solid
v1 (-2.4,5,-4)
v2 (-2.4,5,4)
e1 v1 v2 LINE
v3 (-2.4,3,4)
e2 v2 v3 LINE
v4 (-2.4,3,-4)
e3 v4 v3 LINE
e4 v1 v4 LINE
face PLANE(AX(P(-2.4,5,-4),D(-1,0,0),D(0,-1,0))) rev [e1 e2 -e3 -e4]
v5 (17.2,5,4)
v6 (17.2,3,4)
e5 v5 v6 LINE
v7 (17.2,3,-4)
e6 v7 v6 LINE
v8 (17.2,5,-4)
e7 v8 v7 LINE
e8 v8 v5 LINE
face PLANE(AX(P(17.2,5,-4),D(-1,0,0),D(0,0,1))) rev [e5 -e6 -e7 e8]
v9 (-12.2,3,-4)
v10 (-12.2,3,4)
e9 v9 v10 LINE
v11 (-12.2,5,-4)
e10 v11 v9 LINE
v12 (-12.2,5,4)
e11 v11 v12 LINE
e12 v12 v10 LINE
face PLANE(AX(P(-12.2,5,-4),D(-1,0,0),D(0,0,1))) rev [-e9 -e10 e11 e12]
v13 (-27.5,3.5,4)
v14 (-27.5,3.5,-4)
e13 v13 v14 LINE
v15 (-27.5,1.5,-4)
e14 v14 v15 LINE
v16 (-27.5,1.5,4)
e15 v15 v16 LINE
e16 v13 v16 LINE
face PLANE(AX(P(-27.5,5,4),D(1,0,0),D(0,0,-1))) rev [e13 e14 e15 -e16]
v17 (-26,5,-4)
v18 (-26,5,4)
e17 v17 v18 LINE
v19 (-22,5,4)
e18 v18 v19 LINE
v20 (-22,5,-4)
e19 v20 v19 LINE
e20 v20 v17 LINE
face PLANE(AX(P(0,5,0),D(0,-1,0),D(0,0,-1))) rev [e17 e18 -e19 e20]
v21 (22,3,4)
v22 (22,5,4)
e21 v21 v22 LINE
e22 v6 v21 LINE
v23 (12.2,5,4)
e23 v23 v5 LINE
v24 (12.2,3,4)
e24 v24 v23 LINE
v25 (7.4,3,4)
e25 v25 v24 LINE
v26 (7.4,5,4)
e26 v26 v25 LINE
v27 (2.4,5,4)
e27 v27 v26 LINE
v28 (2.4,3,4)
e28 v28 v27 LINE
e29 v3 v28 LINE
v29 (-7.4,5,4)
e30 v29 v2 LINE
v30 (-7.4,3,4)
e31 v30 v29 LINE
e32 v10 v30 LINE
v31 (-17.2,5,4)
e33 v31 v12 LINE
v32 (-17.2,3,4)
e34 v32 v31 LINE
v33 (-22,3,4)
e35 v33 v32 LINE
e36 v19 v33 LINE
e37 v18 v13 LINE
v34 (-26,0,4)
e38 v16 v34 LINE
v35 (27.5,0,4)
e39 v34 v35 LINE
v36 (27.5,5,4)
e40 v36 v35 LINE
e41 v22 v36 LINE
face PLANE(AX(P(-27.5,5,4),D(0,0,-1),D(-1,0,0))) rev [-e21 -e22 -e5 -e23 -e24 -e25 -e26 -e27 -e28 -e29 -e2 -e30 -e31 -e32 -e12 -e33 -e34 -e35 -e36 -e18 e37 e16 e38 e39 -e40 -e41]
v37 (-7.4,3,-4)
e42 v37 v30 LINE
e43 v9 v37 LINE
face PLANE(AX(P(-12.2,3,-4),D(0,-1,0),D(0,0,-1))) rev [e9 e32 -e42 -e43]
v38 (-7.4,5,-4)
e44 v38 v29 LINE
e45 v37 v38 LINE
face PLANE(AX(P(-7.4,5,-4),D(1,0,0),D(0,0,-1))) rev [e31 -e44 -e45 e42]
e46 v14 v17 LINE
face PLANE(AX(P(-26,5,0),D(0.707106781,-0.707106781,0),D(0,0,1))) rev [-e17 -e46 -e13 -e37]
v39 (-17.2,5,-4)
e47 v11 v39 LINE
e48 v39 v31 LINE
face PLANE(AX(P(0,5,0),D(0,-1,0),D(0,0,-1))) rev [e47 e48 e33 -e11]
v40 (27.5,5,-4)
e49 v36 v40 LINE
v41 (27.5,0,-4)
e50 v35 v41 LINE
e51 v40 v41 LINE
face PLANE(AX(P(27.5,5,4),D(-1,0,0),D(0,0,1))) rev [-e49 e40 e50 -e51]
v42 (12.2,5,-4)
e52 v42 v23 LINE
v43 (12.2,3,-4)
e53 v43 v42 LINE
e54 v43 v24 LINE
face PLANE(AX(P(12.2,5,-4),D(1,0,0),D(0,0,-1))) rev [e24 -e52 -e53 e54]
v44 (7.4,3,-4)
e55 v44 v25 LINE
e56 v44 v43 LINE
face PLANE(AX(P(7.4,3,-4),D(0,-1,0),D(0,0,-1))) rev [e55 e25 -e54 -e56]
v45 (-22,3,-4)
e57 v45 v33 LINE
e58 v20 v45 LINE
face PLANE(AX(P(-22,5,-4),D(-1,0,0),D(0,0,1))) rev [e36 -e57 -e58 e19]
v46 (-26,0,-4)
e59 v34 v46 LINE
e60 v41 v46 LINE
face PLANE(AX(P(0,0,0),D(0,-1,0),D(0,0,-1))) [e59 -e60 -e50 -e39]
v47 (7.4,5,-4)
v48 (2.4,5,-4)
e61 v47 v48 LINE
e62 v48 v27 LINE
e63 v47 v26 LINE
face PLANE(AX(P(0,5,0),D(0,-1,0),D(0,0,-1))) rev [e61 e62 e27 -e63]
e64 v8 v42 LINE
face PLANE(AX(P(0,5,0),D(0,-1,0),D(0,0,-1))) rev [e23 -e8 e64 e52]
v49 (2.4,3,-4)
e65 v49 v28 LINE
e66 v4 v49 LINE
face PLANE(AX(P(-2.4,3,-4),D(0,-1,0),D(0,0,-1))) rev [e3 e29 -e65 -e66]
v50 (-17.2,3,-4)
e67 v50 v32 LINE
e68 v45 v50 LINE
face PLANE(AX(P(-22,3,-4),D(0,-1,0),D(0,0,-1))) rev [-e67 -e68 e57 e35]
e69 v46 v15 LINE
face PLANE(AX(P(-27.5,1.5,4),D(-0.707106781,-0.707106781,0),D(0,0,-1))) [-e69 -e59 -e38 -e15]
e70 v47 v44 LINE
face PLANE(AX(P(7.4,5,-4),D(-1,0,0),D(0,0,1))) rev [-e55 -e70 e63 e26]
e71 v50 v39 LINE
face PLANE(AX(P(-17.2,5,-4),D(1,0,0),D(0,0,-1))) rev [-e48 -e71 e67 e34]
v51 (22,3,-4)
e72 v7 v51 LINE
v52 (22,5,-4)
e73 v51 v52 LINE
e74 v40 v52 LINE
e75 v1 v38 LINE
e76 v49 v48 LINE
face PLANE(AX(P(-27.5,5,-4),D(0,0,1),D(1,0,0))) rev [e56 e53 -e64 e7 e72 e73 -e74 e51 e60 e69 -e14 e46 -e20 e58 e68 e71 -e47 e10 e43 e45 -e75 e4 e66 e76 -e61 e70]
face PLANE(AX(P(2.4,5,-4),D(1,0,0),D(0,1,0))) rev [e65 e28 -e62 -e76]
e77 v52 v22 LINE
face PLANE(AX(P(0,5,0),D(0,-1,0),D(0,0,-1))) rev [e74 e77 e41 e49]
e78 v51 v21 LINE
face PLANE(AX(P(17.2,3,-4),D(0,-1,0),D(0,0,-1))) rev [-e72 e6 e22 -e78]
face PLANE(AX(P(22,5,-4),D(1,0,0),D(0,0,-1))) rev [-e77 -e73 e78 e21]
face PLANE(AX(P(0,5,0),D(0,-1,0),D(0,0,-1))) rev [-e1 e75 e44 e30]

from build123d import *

# Parameters (mm, degrees)
SKETCH_1_W          = 55
SKETCH_1_H          = 8
EXTRUDE_1_DEPTH     = 5
SKETCH_2_W          = 4.8
SKETCH_2_H          = 2
CUT_EXTRUDE_1_DEPTH = 9
CHAMFER_1_SIZE      = 1.5


with BuildPart() as part:
    # 草图1 → 凸台-拉伸1 (new body)
    with BuildSketch(Plane(origin=(0, 0, 0), x_dir=(1, 0, 0), z_dir=(0, 1, 0))):
        Rectangle(SKETCH_1_W, SKETCH_1_H)
    extrude(amount=EXTRUDE_1_DEPTH)

    # 草图2 → 切除-拉伸1 (cut, through all)
    with BuildSketch(Plane.XY.offset(4)):
        with Locations((-19.6, 4)):
            Rectangle(SKETCH_2_W, SKETCH_2_H)
        with Locations((-9.8, 4)):
            Rectangle(SKETCH_2_W, SKETCH_2_H)
        with Locations((0, 4)):
            Rectangle(SKETCH_2_W, SKETCH_2_H)
        with Locations((9.8, 4)):
            Rectangle(SKETCH_2_W, SKETCH_2_H)
        with Locations((19.6, 4)):
            Rectangle(SKETCH_2_W, SKETCH_2_H)
    extrude(amount=-CUT_EXTRUDE_1_DEPTH, mode=Mode.SUBTRACT)

    # 倒角1
    chamfer_1_edges = [part.edges().sort_by_distance(p)[0] for p in [
        (-27.5, 5, 0),
        (-27.5, 0, 0),
    ]]
    chamfer(chamfer_1_edges, length=CHAMFER_1_SIZE)


solid = part.part
